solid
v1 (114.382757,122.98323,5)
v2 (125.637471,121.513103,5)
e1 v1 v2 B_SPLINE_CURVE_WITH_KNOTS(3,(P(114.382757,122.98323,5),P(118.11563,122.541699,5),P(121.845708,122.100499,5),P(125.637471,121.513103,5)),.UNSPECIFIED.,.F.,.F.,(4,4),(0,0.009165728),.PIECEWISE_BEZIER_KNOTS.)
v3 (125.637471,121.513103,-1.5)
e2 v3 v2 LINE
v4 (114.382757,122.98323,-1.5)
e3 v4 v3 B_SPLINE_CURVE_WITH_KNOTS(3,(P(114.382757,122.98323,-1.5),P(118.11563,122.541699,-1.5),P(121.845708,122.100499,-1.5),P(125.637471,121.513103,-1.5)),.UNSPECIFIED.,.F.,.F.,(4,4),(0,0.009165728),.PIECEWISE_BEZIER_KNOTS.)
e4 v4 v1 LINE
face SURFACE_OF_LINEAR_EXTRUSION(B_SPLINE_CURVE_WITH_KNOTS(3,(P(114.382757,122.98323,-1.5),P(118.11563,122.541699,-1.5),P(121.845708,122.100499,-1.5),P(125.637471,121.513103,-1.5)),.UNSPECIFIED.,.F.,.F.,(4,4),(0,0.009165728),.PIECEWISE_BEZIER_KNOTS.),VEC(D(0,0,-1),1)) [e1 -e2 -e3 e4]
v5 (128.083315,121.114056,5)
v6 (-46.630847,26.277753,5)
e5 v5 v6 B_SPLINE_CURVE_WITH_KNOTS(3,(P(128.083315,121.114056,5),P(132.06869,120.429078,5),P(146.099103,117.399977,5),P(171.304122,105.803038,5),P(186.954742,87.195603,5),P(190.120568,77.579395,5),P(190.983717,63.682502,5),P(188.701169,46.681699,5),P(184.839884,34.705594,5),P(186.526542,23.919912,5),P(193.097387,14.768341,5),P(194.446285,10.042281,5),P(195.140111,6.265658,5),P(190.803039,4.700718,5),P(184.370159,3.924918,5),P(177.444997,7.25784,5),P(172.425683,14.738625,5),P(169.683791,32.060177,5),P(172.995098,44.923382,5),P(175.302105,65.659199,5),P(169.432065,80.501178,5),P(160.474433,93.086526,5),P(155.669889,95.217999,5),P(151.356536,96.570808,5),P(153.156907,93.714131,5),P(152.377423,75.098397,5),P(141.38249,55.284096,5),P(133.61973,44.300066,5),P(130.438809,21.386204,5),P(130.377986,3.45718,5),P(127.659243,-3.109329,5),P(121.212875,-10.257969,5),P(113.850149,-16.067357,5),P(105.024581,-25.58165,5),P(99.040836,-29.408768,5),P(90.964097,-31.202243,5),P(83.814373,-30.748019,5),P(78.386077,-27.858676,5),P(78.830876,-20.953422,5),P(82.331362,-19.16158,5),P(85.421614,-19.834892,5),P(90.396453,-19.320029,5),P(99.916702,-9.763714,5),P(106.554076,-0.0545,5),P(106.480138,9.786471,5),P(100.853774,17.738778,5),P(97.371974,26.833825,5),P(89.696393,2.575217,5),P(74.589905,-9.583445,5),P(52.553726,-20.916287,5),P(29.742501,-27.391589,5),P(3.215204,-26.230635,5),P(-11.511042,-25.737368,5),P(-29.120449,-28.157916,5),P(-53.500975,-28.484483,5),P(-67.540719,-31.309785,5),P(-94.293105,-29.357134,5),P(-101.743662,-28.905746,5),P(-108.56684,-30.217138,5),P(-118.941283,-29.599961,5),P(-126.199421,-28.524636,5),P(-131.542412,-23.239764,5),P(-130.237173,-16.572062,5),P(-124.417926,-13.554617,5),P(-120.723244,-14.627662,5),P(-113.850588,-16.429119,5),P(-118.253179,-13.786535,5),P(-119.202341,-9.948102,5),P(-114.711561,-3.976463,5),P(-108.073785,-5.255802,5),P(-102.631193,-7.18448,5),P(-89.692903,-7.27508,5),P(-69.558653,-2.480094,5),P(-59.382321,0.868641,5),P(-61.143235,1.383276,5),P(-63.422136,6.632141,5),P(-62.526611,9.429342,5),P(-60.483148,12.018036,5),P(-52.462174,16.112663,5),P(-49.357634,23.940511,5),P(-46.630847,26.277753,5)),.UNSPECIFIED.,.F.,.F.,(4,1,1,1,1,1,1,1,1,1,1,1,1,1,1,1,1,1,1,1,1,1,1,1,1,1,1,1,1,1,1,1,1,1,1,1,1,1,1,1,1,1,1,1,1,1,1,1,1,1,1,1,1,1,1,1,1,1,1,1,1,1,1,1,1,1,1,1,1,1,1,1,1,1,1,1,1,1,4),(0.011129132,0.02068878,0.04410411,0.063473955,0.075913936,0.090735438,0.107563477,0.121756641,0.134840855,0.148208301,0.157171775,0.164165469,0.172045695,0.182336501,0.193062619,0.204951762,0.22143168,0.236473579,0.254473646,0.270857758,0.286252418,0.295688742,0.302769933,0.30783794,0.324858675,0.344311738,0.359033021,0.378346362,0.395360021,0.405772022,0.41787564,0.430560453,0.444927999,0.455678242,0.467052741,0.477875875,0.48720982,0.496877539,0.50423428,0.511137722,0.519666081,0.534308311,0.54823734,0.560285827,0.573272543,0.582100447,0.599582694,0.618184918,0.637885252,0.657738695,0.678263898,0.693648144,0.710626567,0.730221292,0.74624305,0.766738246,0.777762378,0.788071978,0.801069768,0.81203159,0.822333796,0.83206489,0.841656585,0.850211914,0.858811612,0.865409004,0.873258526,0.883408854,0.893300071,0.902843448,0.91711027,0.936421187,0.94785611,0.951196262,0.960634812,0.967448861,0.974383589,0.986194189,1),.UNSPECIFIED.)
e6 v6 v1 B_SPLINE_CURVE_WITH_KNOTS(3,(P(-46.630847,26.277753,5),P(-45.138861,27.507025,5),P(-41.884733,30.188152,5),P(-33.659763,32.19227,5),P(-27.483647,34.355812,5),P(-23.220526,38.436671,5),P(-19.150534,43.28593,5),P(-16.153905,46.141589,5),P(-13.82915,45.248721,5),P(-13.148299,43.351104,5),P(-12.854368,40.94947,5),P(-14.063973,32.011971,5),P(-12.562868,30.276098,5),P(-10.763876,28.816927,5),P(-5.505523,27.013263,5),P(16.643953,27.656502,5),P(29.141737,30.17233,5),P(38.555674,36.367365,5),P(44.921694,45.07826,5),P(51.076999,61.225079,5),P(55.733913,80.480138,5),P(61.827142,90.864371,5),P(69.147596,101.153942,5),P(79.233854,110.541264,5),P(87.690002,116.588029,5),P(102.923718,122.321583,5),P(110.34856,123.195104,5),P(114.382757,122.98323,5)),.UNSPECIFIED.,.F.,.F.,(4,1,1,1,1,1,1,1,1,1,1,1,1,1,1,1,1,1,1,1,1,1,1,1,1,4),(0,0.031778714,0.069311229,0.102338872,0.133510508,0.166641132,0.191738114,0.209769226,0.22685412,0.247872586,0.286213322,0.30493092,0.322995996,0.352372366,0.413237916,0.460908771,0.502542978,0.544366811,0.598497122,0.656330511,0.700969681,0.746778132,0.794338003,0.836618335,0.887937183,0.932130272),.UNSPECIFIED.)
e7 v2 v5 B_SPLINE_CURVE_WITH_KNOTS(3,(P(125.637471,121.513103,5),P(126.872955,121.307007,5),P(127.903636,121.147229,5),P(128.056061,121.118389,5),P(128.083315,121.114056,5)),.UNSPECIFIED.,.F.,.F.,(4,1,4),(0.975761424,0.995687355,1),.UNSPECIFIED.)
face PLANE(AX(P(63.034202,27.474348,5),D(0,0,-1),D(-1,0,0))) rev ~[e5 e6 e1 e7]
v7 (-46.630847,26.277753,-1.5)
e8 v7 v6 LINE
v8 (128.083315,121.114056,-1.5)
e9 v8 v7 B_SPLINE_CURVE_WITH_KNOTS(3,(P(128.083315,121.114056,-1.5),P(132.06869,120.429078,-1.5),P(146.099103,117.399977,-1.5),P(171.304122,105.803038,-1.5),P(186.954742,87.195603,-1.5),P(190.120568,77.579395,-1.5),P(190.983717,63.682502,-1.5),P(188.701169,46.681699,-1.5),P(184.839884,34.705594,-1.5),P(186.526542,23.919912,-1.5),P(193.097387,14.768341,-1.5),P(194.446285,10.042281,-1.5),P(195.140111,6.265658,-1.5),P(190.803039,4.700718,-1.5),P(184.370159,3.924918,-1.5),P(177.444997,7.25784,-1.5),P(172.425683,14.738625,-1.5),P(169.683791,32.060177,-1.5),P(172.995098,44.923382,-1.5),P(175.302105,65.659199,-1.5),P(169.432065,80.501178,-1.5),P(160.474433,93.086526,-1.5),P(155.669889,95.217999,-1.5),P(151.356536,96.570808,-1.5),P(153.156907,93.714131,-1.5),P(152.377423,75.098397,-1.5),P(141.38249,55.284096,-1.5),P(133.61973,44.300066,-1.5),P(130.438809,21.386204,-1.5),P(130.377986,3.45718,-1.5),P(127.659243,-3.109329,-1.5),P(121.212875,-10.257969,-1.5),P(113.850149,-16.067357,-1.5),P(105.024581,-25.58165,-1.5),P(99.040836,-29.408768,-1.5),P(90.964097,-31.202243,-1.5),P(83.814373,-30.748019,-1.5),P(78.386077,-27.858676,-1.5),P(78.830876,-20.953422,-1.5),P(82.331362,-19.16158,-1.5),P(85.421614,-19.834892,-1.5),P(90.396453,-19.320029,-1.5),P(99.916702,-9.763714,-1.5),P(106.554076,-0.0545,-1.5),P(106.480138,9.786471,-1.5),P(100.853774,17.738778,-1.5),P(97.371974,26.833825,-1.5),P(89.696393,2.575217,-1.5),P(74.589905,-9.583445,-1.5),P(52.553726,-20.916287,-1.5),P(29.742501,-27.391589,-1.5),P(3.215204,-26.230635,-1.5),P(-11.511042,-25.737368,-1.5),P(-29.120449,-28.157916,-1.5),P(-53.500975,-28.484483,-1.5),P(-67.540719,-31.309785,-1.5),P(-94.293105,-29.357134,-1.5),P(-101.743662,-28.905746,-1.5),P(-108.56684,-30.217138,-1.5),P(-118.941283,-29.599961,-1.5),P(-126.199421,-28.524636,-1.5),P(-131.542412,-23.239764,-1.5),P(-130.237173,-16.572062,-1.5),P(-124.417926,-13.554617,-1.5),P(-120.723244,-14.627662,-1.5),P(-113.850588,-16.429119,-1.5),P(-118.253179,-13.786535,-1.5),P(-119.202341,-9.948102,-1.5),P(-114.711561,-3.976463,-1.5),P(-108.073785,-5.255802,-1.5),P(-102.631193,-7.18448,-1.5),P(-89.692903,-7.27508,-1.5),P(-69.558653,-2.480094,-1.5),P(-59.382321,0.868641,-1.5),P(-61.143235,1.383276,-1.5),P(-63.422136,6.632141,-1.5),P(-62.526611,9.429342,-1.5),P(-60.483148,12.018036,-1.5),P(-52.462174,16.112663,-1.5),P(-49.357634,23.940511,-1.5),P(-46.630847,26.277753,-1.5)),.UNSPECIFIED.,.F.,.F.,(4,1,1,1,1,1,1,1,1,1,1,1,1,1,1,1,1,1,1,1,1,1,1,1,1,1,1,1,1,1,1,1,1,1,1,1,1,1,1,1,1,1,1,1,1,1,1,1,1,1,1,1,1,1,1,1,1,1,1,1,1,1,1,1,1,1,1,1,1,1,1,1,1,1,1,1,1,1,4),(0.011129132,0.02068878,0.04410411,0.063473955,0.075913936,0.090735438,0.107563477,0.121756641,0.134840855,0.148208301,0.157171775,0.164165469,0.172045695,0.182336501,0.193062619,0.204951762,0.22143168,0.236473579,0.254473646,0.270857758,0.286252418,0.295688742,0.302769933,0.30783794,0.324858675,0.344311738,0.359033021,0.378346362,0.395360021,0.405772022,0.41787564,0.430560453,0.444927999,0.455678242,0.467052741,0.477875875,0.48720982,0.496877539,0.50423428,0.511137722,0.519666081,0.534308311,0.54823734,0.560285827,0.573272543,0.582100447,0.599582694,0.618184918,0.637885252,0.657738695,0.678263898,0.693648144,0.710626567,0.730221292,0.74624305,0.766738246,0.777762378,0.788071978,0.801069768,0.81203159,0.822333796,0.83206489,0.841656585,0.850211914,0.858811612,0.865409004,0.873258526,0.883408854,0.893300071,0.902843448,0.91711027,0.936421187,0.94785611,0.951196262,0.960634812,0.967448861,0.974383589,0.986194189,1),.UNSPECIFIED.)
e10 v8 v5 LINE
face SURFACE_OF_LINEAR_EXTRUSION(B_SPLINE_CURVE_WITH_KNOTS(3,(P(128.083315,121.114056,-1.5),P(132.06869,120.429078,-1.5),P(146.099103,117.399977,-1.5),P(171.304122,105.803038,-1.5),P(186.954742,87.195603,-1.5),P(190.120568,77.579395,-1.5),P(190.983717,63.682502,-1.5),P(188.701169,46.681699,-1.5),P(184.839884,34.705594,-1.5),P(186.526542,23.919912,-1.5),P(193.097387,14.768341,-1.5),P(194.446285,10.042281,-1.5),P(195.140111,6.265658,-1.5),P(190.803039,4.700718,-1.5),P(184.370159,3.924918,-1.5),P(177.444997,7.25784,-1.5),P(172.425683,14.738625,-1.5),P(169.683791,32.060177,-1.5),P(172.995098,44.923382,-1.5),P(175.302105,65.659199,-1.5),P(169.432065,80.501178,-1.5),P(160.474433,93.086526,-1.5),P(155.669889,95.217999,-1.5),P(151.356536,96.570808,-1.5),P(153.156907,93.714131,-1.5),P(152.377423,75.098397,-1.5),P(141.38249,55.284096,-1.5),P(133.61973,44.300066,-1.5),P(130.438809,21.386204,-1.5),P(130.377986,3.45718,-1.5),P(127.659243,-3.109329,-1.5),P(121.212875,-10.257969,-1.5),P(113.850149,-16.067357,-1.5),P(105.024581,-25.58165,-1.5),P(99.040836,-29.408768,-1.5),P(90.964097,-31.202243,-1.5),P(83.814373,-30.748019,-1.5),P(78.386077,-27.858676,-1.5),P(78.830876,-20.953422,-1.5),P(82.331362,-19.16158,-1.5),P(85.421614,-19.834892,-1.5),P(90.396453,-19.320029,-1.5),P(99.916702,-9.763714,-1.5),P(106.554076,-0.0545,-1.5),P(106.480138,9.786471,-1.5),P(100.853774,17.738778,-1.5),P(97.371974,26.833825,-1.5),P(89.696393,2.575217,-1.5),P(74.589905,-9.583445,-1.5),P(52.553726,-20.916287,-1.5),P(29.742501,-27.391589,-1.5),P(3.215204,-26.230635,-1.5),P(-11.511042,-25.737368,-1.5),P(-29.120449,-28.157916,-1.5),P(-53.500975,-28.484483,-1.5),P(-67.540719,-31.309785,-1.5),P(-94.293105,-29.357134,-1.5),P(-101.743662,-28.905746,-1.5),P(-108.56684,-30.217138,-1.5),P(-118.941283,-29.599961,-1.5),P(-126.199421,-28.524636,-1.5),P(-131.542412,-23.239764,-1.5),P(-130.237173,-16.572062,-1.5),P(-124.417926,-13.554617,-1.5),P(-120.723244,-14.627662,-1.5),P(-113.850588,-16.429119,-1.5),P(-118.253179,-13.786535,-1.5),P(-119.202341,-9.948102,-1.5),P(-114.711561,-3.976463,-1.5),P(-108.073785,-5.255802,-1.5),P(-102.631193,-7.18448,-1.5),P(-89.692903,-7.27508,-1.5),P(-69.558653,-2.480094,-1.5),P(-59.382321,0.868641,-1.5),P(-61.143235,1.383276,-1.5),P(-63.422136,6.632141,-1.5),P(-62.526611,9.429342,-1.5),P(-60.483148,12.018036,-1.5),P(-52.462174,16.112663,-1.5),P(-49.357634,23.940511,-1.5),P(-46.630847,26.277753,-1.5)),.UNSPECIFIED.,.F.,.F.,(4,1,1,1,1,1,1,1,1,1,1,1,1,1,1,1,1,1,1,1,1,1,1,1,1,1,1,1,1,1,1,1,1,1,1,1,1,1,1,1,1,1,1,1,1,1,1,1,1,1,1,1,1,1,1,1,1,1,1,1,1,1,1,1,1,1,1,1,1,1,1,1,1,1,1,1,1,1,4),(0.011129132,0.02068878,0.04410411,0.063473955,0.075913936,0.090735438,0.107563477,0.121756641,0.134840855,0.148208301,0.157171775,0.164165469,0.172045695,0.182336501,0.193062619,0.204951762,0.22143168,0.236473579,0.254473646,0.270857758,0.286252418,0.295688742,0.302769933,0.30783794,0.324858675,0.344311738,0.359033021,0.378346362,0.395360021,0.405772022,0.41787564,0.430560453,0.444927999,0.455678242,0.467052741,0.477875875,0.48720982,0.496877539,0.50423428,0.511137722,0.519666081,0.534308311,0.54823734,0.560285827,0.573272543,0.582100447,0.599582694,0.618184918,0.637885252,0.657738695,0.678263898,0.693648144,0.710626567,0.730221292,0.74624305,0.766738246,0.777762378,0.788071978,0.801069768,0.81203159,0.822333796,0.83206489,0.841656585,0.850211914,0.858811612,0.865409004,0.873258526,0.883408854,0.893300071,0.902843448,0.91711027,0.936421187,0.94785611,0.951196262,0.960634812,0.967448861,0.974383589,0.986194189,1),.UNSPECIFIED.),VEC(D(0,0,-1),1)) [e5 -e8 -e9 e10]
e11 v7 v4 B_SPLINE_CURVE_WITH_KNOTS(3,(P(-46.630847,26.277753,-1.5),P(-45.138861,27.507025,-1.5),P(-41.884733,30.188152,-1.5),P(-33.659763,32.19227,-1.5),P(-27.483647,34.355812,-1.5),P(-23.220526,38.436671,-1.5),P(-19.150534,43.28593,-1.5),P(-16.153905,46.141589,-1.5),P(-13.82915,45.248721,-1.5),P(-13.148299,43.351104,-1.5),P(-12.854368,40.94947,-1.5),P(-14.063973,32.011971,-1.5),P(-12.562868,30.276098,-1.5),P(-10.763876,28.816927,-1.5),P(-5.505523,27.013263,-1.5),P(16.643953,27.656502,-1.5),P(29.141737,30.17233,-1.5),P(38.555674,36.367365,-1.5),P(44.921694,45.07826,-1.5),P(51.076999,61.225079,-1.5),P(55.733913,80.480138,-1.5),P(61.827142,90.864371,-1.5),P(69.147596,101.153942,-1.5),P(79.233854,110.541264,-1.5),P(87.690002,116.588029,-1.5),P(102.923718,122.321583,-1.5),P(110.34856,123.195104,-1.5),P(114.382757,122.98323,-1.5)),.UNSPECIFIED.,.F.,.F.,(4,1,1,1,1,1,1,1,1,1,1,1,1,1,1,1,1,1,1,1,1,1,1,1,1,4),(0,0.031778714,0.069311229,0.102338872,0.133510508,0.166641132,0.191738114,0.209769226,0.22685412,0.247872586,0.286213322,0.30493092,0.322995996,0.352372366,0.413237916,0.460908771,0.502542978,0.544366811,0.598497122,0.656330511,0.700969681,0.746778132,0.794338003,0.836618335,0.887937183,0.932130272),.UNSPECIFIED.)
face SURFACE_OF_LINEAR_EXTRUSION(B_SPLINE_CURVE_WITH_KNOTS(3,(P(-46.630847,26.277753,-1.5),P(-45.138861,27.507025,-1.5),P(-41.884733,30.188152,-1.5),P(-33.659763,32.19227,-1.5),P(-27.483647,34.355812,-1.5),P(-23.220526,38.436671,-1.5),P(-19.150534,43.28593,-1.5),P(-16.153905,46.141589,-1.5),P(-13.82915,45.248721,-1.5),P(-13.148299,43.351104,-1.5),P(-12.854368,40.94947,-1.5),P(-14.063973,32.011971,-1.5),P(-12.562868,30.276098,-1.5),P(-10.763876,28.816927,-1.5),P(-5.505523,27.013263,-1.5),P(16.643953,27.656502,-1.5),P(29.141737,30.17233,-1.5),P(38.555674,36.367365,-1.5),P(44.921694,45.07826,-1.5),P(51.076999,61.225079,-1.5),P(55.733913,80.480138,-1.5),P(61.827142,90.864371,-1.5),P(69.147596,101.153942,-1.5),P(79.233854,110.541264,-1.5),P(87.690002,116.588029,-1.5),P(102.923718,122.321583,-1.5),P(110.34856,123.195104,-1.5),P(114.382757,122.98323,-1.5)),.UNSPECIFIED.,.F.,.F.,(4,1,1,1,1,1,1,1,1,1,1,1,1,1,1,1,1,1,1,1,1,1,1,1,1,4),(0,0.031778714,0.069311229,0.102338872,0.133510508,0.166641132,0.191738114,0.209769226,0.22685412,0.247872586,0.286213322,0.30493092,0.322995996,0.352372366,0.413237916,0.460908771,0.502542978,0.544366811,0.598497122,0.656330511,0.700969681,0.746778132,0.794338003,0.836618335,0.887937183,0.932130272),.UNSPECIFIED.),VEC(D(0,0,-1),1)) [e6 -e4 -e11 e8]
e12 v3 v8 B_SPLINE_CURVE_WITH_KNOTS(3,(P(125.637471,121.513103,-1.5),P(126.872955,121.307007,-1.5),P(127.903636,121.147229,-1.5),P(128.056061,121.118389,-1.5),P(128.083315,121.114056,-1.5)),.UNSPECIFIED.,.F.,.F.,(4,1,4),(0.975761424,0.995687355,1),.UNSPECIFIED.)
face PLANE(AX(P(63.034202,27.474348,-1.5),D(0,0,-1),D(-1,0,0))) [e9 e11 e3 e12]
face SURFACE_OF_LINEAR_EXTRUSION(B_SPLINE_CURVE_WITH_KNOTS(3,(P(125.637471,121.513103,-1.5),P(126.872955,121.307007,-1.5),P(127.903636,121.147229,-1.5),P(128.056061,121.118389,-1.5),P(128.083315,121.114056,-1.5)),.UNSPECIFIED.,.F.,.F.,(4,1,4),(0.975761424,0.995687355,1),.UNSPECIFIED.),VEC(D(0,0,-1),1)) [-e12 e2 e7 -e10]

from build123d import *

# Parameters (mm, degrees)
F1_DEPTH = 5
F3_SCALE = 1.3


with BuildPart() as f1:
    # F0 (on Top) → F1 (new body)
    with BuildSketch(Plane.XY):
        with BuildLine():
            add(Edge.make_bspline(
                [(82.1878982562, 97.2080777277), (85.2535707912, 96.681170848), (96.0461967316, 94.3510932872), (115.4346724584, 85.4303711863), (127.4736108035, 71.1169598935), (129.9088620349, 63.7198763613), (130.5728227481, 53.0299586305), (128.8170163975, 39.9524180147), (125.8467975076, 30.740029744), (127.1442266543, 22.4433508521), (132.198722728, 15.4036811948), (133.2363367627, 11.7682502129), (133.7700485307, 8.8631558529), (130.4338392737, 7.6593557444), (125.4854706082, 7.0625867111), (120.1584224586, 9.6263729076), (116.2974115932, 15.3808224041), (114.1882640811, 28.705093461), (116.7354234454, 38.5998669226), (118.5100444536, 54.5504949847), (113.9946289257, 65.9674021051), (107.1041424612, 75.6484391055), (103.4083393292, 77.2880334778), (100.0903761449, 78.3286562075), (101.4752766568, 76.1312120081), (100.8756735869, 61.8114168283), (92.4180326251, 46.5696468829), (86.4466792308, 38.1203929953), (83.9998165164, 20.494345088), (83.9530296574, 6.7027883176), (81.8616887972, 1.651627289), (76.9029444993, -3.8473261554), (71.2393089346, -8.3160861124), (64.4504104311, -15.6347737558), (59.8475297852, -18.5787099455), (53.6346533795, -19.958306553), (48.1348658686, -19.6089033963), (43.959253571, -17.3863319973), (44.3014064733, -12.074597647), (46.9940882382, -10.6962576447), (49.3712052965, -11.2141903126), (53.198003998, -10.8181418813), (60.5212726534, -3.4671304122), (65.6269453001, 4.0014958302), (65.5700692913, 11.5714731665), (61.2420971961, 17.6886329062), (58.5637893837, 24.6848228467), (52.6594962608, 6.0243553014), (41.0391212729, -3.3284621525), (24.0882143061, -12.0460327477), (6.5411178534, -17.0270343417), (-13.864494882, -16.1339922929), (-25.1923763334, -15.7545568105), (-38.7380743368, -17.6165162938), (-57.4923248116, -17.8677219768), (-68.2921279909, -20.0410313105), (-88.8708868018, -18.5389917462), (-94.6020838814, -18.1917702885), (-99.8506830145, -19.2005332389), (-107.8310234691, -18.7257821244), (-113.4142064624, -17.898608915), (-117.524199658, -13.8333227623), (-116.5201696964, -8.7043213498), (-112.0438254315, -6.3832097351), (-109.2017625636, -7.2086289128), (-103.915104359, -8.5943650569), (-107.3017127711, -6.561608368), (-108.0318373251, -3.6089672137), (-104.5773914965, 0.984600863), (-99.4714095768, 0.0004942875), (-95.284800539, -1.4831040202), (-85.3322698588, -1.5527967065), (-69.8443852317, 2.1356544145), (-62.0164371544, 4.7116041488), (-63.3709866951, 5.1074775799), (-65.1239876698, 9.1450657482), (-64.4351221021, 11.296759065), (-62.8632272844, 13.2880617507), (-56.6932469649, 16.4377749249), (-54.3051393689, 22.4591969419), (-52.2076115012, 24.2570750415)],
                knots=[0.0111291323, 0.0111291323, 0.0111291323, 0.0111291323, 0.0206887804, 0.0441041096, 0.0634739551, 0.075913936, 0.0907354378, 0.1075634765, 0.1217566409, 0.1348408546, 0.1482083005, 0.1571717755, 0.1641654691, 0.1720456948, 0.1823365015, 0.1930626188, 0.2049517619, 0.2214316797, 0.2364735786, 0.2544736457, 0.270857758, 0.2862524177, 0.2956887416, 0.3027699332, 0.3078379397, 0.3248586751, 0.3443117381, 0.3590330214, 0.3783463615, 0.3953600207, 0.4057720224, 0.4178756403, 0.430560453, 0.4449279991, 0.4556782415, 0.4670527406, 0.4778758745, 0.4872098198, 0.4968775388, 0.5042342796, 0.5111377222, 0.5196660808, 0.5343083106, 0.5482373396, 0.5602858272, 0.5732725427, 0.5821004472, 0.5995826935, 0.6181849183, 0.6378852522, 0.6577386952, 0.6782638981, 0.6936481442, 0.7106265667, 0.7302212915, 0.7462430504, 0.7667382458, 0.7777623777, 0.7880719782, 0.8010697677, 0.8120315897, 0.8223337957, 0.8320648902, 0.8416565849, 0.8502119137, 0.8588116117, 0.8654090035, 0.8732585258, 0.8834088539, 0.8933000714, 0.902843448, 0.9171102699, 0.936421187, 0.94785611, 0.951196262, 0.9606348118, 0.9674488608, 0.9743835894, 0.9861941892, 1, 1, 1, 1], degree=3))
            add(Edge.make_bspline(
                [(80.3064799799, 97.5150365549), (81.2568522795, 97.3565010764), (82.0496835772, 97.2335947629), (82.1669337019, 97.211410748), (82.1878982562, 97.2080777277)],
                knots=[0.9757614236, 0.9757614236, 0.9757614236, 0.9757614236, 0.9956873551, 1, 1, 1, 1], degree=3))
            add(Edge.make_bspline(
                [(71.6490074992, 98.6459031701), (74.5204483201, 98.3062642052), (77.3897384868, 97.9668796235), (80.3064799799, 97.5150365549)],
                knots=[0, 0, 0, 0, 0.0091657281, 0.0091657281, 0.0091657281, 0.0091657281], degree=3))
            add(Edge.make_bspline(
                [(-52.2076115012, 24.2570750415), (-51.0599293596, 25.2026687234), (-48.5567545717, 27.2650744875), (-42.2298540916, 28.8067036169), (-37.4789954548, 30.470966849), (-34.1996721489, 33.6100892802), (-31.0689086805, 37.3402878463), (-28.7638094479, 39.5369489488), (-26.9755363544, 38.850127644), (-26.4518047487, 37.3904223183), (-26.2257042055, 35.5430108792), (-27.1561699455, 28.6680122414), (-26.0014733882, 27.3327247144), (-24.6176335469, 26.2102855353), (-20.5727467086, 24.8228519146), (-3.5346877633, 25.3176511593), (6.0789920848, 27.2529034465), (13.3204816249, 32.0183149925), (18.217420341, 38.7190034025), (22.9522703096, 51.1396333948), (26.5345122906, 65.9512172331), (31.2216110872, 73.9390890719), (36.8527292699, 81.8541434709), (44.6113893535, 89.0751607421), (51.1161185794, 93.7265180598), (62.8343618952, 98.1369439484), (68.5457787634, 98.8088837486), (71.6490074992, 98.6459031701)],
                knots=[0, 0, 0, 0, 0.0317787136, 0.0693112294, 0.1023388723, 0.1335105079, 0.1666411316, 0.1917381142, 0.2097692264, 0.2268541199, 0.2478725859, 0.2862133215, 0.3049309201, 0.3229959955, 0.3523723658, 0.4132379163, 0.4609087706, 0.5025429778, 0.5443668109, 0.5984971221, 0.656330511, 0.7009696811, 0.7467781321, 0.7943380028, 0.8366183355, 0.8879371826, 0.9321302724, 0.9321302724, 0.9321302724, 0.9321302724], degree=3))
        make_face()
    extrude(amount=F1_DEPTH)


with BuildPart() as f1_1:
    # F3: moved
    add(f1.part.scale(F3_SCALE).moved(Location((21.2390474975, -5.2564445883, -1.5))))


solid = f1_1.part
